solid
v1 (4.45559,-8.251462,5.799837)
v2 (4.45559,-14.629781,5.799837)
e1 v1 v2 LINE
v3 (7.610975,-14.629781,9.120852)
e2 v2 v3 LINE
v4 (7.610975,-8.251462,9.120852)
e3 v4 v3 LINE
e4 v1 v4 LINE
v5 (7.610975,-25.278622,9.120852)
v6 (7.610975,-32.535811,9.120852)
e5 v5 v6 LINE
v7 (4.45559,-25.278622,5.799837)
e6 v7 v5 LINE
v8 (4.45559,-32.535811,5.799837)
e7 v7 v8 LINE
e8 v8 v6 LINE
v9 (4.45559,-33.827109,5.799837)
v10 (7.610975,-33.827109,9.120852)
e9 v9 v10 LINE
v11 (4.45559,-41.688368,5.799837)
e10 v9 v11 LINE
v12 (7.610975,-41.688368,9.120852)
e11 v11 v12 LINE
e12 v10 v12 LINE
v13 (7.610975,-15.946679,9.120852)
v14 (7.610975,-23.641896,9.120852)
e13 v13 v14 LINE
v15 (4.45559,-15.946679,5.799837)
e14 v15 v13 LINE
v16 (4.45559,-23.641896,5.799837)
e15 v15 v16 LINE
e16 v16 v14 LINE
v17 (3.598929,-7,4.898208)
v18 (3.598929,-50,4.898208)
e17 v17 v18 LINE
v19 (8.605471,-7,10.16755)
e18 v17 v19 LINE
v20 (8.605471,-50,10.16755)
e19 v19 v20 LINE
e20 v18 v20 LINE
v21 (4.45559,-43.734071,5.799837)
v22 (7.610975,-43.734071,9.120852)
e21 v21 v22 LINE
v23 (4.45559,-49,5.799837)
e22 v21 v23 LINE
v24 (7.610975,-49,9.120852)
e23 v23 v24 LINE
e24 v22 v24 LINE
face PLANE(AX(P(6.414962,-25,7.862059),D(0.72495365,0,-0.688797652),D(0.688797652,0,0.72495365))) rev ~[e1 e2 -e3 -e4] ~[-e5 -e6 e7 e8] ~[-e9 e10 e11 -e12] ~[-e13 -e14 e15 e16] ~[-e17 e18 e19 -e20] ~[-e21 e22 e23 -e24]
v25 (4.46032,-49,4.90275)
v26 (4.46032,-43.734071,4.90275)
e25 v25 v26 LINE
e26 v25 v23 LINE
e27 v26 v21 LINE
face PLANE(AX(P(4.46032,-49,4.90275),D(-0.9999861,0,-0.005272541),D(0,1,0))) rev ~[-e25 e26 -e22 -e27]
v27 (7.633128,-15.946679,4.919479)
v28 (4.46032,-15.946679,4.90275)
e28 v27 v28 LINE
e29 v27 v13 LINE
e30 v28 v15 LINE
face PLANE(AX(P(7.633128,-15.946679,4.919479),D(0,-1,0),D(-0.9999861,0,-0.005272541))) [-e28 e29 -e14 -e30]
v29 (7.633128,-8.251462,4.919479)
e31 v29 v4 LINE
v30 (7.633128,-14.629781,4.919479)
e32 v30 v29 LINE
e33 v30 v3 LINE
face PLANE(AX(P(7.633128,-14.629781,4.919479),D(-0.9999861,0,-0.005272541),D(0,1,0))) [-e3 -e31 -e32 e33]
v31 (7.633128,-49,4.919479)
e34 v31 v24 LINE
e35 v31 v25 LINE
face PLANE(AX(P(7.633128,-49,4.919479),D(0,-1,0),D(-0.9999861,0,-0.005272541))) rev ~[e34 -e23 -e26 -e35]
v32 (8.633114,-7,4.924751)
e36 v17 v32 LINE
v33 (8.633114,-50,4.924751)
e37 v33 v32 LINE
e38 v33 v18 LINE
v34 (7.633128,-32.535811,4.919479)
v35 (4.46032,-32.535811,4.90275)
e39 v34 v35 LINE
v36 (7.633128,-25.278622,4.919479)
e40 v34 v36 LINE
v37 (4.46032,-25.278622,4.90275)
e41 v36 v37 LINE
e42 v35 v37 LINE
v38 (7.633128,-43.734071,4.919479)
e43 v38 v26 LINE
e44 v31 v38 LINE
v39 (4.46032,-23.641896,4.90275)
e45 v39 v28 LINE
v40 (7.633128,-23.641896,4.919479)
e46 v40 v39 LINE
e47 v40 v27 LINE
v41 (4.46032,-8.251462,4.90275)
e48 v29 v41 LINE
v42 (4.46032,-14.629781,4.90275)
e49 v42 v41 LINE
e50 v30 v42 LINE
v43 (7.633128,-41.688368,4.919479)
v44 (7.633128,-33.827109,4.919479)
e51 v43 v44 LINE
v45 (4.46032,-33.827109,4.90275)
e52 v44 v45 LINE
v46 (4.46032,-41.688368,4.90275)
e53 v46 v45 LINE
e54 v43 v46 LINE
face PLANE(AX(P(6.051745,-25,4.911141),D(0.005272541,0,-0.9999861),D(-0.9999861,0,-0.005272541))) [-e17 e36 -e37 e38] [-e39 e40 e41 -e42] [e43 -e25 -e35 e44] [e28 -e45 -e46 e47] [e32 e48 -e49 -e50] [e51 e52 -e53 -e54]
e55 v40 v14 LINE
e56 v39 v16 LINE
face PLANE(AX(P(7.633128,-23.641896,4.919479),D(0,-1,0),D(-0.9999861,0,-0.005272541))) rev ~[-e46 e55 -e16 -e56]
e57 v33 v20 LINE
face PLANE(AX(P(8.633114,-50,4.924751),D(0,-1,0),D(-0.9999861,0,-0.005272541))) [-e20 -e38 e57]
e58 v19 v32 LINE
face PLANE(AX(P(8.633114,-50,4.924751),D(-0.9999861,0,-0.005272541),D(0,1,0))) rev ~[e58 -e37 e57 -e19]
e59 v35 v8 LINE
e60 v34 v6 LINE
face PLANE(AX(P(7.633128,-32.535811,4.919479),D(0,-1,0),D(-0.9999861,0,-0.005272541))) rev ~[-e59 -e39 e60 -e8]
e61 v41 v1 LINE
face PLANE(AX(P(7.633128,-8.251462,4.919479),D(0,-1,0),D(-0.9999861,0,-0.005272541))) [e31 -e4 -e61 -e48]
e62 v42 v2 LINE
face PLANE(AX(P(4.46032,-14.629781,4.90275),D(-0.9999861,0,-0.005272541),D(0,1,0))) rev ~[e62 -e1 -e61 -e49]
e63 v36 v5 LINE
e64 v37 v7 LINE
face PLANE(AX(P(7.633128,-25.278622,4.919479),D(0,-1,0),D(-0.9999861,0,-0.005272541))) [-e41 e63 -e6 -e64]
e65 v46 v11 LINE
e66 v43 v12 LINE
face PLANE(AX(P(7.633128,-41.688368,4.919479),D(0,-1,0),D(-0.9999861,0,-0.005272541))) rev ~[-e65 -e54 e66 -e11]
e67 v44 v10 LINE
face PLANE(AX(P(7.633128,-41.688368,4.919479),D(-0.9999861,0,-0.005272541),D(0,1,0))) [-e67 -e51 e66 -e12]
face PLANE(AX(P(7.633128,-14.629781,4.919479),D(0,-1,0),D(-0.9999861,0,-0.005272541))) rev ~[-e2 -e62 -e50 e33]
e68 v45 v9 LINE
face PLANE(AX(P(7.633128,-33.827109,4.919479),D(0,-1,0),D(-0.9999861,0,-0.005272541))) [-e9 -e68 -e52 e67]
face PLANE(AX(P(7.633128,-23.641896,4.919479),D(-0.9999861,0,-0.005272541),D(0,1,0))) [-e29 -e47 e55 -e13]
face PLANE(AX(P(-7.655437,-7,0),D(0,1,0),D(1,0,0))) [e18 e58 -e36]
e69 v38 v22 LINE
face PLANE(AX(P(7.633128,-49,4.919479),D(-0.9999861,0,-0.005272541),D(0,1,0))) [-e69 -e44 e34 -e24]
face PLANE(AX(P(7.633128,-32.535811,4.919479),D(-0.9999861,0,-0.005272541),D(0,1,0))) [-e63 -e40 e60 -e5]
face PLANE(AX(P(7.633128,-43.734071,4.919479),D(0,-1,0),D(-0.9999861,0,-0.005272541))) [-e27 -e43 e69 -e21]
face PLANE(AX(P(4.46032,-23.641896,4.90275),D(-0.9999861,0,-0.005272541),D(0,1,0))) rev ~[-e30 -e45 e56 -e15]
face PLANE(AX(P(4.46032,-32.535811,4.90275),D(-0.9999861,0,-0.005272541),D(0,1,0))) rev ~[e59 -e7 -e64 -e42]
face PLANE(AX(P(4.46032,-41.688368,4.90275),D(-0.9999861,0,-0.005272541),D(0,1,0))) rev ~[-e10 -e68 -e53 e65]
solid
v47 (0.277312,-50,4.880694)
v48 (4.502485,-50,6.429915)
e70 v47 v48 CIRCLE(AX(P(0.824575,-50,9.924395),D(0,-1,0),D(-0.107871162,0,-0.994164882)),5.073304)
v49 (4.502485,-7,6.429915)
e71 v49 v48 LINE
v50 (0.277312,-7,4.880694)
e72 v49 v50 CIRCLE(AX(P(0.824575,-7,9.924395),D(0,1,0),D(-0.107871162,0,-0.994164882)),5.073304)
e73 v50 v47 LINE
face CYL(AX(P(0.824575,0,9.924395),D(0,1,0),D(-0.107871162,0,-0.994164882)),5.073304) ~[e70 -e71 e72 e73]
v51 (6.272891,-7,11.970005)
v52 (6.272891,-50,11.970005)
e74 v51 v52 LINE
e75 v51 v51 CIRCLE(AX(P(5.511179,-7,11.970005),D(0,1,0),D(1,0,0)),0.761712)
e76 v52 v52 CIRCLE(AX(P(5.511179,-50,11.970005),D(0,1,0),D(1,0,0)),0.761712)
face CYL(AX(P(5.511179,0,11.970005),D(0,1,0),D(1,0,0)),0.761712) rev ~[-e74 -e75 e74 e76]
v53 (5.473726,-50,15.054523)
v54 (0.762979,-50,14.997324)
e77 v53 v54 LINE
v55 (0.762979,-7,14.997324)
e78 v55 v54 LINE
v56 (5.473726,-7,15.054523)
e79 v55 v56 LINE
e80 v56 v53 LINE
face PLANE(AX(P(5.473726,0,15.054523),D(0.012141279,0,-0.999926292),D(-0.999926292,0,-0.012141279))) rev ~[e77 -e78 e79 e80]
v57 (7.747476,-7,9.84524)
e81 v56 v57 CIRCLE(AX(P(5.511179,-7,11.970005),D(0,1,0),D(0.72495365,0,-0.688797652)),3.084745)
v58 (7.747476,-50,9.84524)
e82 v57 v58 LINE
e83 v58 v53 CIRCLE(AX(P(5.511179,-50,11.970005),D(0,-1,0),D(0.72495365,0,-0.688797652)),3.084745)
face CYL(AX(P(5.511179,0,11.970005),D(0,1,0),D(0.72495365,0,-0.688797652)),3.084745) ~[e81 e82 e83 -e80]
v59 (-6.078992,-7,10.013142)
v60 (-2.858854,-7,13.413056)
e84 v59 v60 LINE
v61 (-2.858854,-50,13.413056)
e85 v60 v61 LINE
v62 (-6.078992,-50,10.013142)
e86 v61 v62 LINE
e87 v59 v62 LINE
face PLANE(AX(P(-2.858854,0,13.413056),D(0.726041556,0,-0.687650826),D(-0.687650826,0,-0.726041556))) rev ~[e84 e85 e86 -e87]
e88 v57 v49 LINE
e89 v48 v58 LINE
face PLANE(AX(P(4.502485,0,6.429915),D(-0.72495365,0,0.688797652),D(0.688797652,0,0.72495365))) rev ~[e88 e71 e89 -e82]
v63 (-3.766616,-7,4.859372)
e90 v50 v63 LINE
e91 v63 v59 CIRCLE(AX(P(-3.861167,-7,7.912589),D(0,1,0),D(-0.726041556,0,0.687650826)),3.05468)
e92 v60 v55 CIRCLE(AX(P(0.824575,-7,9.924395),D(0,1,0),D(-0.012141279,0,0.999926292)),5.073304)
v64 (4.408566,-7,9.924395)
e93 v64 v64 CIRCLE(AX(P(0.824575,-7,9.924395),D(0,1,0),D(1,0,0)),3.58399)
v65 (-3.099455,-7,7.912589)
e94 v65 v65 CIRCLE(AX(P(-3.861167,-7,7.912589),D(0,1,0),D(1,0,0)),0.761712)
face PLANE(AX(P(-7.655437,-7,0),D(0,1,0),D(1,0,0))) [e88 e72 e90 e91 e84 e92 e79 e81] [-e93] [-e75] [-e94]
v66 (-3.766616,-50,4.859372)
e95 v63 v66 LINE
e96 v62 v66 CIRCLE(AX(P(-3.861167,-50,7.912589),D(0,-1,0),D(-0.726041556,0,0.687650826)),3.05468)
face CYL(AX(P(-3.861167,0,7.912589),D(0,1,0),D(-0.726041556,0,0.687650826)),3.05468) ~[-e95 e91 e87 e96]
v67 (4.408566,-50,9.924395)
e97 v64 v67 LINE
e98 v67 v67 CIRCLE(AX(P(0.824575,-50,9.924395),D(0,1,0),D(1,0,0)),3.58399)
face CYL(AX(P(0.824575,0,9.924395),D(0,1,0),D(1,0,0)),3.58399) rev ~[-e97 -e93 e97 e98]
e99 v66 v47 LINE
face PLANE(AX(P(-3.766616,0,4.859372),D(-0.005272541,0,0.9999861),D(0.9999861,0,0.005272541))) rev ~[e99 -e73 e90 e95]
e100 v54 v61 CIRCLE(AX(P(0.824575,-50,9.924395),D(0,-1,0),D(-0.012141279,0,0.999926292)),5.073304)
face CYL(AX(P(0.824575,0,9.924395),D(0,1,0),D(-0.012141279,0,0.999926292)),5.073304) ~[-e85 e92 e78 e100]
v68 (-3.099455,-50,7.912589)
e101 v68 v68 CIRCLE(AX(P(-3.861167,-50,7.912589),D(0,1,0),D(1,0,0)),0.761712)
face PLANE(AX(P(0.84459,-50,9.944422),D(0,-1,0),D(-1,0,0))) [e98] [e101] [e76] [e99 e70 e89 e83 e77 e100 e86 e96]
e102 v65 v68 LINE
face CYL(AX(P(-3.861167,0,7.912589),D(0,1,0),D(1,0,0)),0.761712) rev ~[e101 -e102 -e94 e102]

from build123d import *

# Parameters (mm, degrees)
CROQUIS1_R                            = 3.583990311
CROQUIS1_R_2                          = 0.761712319
MAIN_DEPTH                            = 50
SOPORTE_IMPRESI_N_REACH               = 12.612
SOPORTE_IMPRESI_N_OFFSET_FROM_SURFACE = 0.4
CROQUIS9_W                            = 5.162810259
CROQUIS9_H                            = 50
CROQUIS9_W_2                          = 3.172851398
CROQUIS9_H_2                          = 5.265929043
CROQUIS9_H_3                          = 5.56879997
CROQUIS9_H_4                          = 6.378318597
CROQUIS9_H_5                          = 7.695217182
CROQUIS9_H_6                          = 7.257188423
CROQUIS9_H_7                          = 7.861259403
CROQUIS10_W                           = 16.930665583
CROQUIS10_H                           = 7.998462294
AJUSTE_DE_LONGITUD_DEPTH              = 20


with BuildPart() as part:
    # Croquis1 → Main (new body)
    with BuildSketch(Plane(origin=(0, 0, 0), x_dir=(1, 0, 0), z_dir=(0, 1, 0))):
        with BuildLine():
            Line((4.50248526, -6.429915097), (7.747476145, -9.845240308))
            ThreePointArc((7.747476145, -9.845240308), (8.338348215, -13.204009355), (5.473726293, -15.054522947))
            Line((5.473726293, -15.054522947), (0.762978959, -14.997324233))
            ThreePointArc((0.762978959, -14.997324233), (-1.208594731, -14.57247254), (-2.858853831, -13.413056012))
            Line((-2.858853831, -13.413056012), (-6.078991771, -10.013141592))
            ThreePointArc((-6.078991771, -10.013141592), (-6.648174073, -6.662123841), (-3.766616226, -4.85937238))
            Line((-3.766616226, -4.85937238), (0.277312206, -4.880694454))
            ThreePointArc((0.277312206, -4.880694454), (2.571074261, -5.161186678), (4.50248526, -6.429915097))
        make_face()
        with Locations((0.824575354, -9.924394652)):
            Circle(CROQUIS1_R, mode=Mode.SUBTRACT)
        with Locations((-3.861167301, -7.912588509)):
            Circle(CROQUIS1_R_2, mode=Mode.SUBTRACT)
        with Locations((5.511179043, -11.970005379)):
            Circle(CROQUIS1_R_2, mode=Mode.SUBTRACT)
    extrude(amount=-MAIN_DEPTH)


with BuildPart() as body_2:

    # Soporte impresión: up to this face of the body (flat: up to its plane, moved by the offset)
    soporte_impresi_n_end = Plane(part.part.faces().sort_by_distance((6.124980703, -25, 8.137577703))[0]).offset(SOPORTE_IMPRESI_N_OFFSET_FROM_SURFACE)
    # Croquis9 → Soporte impresión (new body, up to the picked face)
    with BuildSketch(Plane(origin=(-0.025725594, 0, 4.879096653), x_dir=(-0.9999861, 0, -0.005272541), z_dir=(0.005272541, 0, -0.9999861)), mode=Mode.PRIVATE) as soporte_impresi_n_sk1:
        with Locations((-6.077554591, -25)):
            Rectangle(CROQUIS9_W, CROQUIS9_H)
        with Locations((-6.072534021, -46.367035479)):
            Rectangle(CROQUIS9_W_2, CROQUIS9_H_2, mode=Mode.SUBTRACT)
        with Locations((-6.072534021, -3.784399985)):
            Rectangle(CROQUIS9_W_2, CROQUIS9_H_3, mode=Mode.SUBTRACT)
        with Locations((-6.072534021, -11.440621391)):
            Rectangle(CROQUIS9_W_2, CROQUIS9_H_4, mode=Mode.SUBTRACT)
        with Locations((-6.072534021, -19.794287865)):
            Rectangle(CROQUIS9_W_2, CROQUIS9_H_5, mode=Mode.SUBTRACT)
        with Locations((-6.072534021, -28.907216676)):
            Rectangle(CROQUIS9_W_2, CROQUIS9_H_6, mode=Mode.SUBTRACT)
        with Locations((-6.072534021, -37.757738206)):
            Rectangle(CROQUIS9_W_2, CROQUIS9_H_7, mode=Mode.SUBTRACT)
    soporte_impresi_n_tool1 = split(extrude(soporte_impresi_n_sk1.sketch, amount=-SOPORTE_IMPRESI_N_REACH, mode=Mode.PRIVATE), bisect_by=soporte_impresi_n_end, keep=Keep.BOTH, mode=Mode.PRIVATE)
    add(soporte_impresi_n_tool1.solids().sort_by_distance((6.056606, -25.085307, 4.911166))[0])


with BuildPart() as ajuste_de_longitud_tool:
    # Croquis10 → Ajuste de longitud (new body)
    with BuildSketch(Plane.XY):
        with Locations((0.809895843, -3.000768853)):
            Rectangle(CROQUIS10_W, CROQUIS10_H)
    extrude(amount=AJUSTE_DE_LONGITUD_DEPTH)


with BuildPart() as part_1:
    add(part.part)

    # Ajuste de longitud: cut by ajuste_de_longitud_tool
    add(ajuste_de_longitud_tool.part, mode=Mode.SUBTRACT)


with BuildPart() as body_2_1:
    add(body_2.part)

    # Ajuste de longitud: cut by ajuste_de_longitud_tool
    add(ajuste_de_longitud_tool.part, mode=Mode.SUBTRACT)


solid = Compound([part_1.part, body_2_1.part])
